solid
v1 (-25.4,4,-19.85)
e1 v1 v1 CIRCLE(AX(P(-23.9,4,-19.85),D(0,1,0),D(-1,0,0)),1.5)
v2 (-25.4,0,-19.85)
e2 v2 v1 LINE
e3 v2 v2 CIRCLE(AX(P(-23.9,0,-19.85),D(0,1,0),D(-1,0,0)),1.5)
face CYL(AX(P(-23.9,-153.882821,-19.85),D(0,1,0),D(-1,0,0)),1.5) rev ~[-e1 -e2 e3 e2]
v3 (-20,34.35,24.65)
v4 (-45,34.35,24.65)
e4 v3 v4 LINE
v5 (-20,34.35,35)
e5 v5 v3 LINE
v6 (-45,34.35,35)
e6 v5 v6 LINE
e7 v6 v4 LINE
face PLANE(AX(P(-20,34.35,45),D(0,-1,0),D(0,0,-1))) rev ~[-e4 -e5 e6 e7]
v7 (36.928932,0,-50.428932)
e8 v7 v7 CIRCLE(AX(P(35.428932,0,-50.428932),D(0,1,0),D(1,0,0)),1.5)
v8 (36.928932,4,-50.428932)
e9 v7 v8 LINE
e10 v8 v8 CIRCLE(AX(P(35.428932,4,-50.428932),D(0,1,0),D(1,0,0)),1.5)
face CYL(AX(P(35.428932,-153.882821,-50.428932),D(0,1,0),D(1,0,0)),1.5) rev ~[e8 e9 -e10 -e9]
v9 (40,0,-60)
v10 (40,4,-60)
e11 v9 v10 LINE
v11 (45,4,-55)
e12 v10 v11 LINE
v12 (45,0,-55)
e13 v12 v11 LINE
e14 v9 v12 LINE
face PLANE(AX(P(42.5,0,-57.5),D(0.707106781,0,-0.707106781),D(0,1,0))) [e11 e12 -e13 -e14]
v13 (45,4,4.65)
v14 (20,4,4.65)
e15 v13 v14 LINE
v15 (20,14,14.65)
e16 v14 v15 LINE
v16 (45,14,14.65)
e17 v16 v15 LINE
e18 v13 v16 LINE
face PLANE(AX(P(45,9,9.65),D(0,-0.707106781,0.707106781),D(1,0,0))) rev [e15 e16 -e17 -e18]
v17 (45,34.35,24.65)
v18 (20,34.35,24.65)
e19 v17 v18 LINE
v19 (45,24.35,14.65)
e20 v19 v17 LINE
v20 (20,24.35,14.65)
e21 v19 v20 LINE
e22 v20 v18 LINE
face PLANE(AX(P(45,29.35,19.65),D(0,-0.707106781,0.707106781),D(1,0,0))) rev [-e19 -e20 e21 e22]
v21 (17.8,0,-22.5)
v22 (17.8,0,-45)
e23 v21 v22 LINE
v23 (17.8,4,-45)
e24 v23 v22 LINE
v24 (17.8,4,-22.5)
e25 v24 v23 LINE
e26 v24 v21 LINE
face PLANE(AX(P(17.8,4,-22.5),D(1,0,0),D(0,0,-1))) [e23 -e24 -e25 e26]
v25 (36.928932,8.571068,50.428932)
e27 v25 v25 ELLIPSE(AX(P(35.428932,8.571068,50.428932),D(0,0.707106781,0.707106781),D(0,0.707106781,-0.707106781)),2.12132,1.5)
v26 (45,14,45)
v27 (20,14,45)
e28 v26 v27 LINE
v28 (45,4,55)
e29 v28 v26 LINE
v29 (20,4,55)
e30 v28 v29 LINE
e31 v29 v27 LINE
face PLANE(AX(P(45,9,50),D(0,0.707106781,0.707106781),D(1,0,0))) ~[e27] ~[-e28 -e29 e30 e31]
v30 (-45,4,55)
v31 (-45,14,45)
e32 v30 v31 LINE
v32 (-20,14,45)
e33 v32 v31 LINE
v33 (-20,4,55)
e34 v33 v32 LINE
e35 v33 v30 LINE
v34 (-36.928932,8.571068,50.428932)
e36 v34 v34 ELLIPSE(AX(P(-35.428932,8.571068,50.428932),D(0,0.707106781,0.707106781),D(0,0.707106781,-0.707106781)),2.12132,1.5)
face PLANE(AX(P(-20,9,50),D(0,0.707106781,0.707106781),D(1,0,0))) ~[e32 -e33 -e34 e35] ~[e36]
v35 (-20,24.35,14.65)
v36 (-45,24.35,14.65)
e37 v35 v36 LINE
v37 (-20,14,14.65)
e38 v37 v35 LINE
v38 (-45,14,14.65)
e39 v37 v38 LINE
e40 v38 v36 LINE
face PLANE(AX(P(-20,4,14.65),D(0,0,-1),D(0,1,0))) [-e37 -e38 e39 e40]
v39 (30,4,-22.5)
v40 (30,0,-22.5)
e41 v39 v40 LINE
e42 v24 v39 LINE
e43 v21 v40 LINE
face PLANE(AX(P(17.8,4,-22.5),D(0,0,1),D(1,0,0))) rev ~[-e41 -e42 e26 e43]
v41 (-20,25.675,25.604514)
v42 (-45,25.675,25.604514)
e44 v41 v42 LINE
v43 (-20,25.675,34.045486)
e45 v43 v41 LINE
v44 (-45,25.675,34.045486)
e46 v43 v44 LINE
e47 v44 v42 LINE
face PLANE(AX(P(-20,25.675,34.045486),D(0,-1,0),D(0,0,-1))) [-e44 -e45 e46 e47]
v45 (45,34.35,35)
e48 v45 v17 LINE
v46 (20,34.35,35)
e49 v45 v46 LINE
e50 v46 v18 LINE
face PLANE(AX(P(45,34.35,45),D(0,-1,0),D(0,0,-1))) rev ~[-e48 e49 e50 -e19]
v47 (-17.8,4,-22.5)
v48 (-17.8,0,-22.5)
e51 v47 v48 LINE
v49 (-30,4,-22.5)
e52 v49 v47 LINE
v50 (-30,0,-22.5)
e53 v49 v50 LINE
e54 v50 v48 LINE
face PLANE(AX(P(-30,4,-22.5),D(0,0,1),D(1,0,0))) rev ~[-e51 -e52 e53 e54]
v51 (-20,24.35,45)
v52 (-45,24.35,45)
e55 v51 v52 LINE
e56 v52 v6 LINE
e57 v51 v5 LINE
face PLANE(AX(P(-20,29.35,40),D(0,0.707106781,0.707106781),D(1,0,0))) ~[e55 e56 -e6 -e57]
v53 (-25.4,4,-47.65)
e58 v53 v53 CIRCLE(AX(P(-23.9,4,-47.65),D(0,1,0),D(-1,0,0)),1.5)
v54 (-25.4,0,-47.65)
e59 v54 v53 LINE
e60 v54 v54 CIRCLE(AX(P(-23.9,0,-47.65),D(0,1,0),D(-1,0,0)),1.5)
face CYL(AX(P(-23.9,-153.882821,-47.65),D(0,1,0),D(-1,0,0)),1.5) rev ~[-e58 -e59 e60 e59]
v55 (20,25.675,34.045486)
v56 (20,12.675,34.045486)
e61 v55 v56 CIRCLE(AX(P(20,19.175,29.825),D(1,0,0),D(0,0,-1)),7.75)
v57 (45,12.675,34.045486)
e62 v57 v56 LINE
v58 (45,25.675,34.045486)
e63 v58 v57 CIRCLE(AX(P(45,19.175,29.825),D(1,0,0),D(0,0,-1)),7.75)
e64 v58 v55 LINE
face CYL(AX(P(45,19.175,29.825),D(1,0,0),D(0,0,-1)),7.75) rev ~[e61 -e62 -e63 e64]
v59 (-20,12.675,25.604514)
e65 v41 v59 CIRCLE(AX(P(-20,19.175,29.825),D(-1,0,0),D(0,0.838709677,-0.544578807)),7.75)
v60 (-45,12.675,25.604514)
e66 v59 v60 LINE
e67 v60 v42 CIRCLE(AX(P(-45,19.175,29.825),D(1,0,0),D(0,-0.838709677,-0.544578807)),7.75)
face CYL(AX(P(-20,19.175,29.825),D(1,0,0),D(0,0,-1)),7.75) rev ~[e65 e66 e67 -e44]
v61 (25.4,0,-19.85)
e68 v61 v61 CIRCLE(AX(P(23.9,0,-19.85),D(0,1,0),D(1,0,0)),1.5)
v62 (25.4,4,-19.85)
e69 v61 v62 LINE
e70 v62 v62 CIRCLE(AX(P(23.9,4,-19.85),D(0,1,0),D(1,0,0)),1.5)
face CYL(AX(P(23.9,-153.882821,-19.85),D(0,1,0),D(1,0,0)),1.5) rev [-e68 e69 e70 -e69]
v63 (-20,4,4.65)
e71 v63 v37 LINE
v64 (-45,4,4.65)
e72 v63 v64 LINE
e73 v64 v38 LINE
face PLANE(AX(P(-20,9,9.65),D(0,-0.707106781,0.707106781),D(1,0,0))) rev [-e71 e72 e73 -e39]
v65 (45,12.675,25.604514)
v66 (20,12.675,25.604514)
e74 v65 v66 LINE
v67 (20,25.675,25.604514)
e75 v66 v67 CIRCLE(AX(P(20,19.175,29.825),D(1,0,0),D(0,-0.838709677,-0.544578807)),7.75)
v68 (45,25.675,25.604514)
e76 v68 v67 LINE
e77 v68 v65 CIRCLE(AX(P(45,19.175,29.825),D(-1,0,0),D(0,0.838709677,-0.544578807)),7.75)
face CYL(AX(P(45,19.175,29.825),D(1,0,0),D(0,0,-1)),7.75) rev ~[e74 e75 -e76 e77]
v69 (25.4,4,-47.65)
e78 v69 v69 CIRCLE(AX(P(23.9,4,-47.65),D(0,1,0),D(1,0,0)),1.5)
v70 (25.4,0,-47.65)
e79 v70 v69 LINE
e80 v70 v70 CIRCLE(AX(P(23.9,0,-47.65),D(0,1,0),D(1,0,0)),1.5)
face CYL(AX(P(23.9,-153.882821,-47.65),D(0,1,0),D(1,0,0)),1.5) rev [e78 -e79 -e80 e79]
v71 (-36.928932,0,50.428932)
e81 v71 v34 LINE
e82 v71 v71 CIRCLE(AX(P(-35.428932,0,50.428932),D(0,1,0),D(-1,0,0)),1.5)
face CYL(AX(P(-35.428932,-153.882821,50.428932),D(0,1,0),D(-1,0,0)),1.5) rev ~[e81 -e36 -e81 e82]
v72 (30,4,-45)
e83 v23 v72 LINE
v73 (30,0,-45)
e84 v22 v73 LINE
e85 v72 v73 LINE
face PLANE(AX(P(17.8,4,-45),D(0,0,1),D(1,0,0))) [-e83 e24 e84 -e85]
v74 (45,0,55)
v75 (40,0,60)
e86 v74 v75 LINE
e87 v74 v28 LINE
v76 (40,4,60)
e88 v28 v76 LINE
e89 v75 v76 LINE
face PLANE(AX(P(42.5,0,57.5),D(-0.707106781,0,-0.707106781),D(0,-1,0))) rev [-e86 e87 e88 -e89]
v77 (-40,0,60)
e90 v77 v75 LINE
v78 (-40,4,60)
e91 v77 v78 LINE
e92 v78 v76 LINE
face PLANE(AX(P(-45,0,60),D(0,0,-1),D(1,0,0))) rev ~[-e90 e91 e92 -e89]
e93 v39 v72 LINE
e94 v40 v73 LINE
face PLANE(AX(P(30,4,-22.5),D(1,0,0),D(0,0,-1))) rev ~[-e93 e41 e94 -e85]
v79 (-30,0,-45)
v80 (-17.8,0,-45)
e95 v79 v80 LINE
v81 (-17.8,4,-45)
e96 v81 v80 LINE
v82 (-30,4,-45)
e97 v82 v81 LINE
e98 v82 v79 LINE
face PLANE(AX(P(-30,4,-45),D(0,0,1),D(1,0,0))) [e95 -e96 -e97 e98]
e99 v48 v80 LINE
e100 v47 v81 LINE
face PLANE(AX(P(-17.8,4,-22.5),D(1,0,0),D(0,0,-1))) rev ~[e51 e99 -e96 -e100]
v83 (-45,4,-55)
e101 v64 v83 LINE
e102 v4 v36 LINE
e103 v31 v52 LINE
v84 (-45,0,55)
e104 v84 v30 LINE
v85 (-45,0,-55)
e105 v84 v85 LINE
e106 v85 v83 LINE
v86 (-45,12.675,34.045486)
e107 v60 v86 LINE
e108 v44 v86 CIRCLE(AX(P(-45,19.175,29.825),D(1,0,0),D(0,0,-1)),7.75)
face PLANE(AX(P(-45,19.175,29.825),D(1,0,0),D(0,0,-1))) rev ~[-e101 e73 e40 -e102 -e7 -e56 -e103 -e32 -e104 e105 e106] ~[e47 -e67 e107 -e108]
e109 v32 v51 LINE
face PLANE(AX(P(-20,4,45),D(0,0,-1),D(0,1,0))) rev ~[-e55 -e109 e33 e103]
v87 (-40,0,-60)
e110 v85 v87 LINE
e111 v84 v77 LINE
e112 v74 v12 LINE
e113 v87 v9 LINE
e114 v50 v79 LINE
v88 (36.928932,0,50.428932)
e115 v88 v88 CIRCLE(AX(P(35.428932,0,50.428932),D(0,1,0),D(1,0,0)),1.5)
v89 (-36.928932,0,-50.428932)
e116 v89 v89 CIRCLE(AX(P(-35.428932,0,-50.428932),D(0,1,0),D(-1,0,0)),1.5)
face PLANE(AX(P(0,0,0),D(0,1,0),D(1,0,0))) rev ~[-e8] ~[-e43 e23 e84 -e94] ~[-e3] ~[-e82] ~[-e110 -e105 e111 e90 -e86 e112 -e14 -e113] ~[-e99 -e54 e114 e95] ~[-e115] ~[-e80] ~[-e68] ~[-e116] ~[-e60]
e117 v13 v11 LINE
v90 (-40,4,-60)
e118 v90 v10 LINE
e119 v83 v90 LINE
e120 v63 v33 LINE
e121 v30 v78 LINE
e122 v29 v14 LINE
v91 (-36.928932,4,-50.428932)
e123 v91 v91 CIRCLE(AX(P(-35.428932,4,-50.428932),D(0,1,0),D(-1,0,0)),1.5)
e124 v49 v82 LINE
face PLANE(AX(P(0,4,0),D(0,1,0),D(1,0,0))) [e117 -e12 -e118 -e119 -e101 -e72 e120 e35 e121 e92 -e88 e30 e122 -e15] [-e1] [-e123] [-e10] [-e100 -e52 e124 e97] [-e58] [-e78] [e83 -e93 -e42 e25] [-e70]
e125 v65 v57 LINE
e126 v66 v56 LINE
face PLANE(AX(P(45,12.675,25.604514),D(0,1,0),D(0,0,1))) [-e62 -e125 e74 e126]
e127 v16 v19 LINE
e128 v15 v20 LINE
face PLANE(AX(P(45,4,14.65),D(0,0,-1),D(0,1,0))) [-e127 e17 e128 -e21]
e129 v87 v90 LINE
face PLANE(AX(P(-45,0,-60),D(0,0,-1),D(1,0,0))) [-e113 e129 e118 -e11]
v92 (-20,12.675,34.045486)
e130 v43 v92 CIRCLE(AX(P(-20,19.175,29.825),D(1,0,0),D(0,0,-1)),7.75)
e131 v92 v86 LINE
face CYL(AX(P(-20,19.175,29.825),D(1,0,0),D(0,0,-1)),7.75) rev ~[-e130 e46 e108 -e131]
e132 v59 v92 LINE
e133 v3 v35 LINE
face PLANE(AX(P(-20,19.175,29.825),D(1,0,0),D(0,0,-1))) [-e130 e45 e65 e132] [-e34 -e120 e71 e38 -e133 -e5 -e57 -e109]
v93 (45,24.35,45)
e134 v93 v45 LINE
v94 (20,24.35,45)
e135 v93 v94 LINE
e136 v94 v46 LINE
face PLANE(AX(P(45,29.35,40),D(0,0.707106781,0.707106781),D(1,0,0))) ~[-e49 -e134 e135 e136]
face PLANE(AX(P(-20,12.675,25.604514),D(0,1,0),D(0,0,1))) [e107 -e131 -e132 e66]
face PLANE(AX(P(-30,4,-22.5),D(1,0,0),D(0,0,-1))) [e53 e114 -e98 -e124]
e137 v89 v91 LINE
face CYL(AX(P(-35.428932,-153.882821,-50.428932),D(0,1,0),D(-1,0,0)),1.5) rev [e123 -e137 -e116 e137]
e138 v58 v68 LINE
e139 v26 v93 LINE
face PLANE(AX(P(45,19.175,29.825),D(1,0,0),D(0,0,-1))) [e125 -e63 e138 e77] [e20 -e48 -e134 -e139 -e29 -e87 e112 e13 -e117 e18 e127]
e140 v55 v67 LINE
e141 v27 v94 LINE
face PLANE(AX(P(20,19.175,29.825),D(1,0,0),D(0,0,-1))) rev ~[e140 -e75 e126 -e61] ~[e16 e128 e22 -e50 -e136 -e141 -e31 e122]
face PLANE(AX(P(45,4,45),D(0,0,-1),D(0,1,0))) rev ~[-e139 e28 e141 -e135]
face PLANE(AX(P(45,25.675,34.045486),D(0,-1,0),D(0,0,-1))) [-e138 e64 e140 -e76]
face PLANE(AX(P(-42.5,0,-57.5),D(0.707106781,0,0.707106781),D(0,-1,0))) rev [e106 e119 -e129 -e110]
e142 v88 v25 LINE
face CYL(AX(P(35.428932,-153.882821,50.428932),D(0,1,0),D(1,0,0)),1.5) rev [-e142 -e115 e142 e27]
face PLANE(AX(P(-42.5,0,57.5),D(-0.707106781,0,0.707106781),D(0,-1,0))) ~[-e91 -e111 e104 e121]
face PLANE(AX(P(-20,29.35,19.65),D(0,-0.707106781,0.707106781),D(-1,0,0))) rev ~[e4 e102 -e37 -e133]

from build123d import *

# Parameters (mm, degrees)
SKETCH1_W                            = 90
SKETCH1_H                            = 120
BOSS_EXTRUDE2_DEPTH                  = 4
SKETCH5_W                            = 12.2
SKETCH5_H                            = 22.5
CUT_EXTRUDE1_DEPTH                   = 76.106590923
BOSS_EXTRUDE4_START                  = 45
SKETCH10_W                           = 30.35
SKETCH10_H                           = 30.35
SKETCH10_R                           = 7.75
BOSS_EXTRUDE4_DEPTH                  = 25
BOSS_EXTRUDE5_START                  = -20
SKETCH10_4_W                         = 30.35
SKETCH10_4_H                         = 30.35
SKETCH10_4_R                         = 7.75
BOSS_EXTRUDE5_DEPTH                  = 25
CHAMFER6_SIZE                        = 5
CHAMFER7_SIZE                        = 10
F_3_0_3_DIAMETER_HOLE2_D             = 3
MIRROR9_AT_THE_SECOND_PLANE_COPY_1_D = 3
F_3_0_3_DIAMETER_HOLE3_D             = 3


with BuildPart() as part:
    # Sketch1 → Boss-Extrude2 (new body)
    with BuildSketch(Plane(origin=(0, 0, 0), x_dir=(1, 0, 0), z_dir=(0, 1, 0))):
        Rectangle(SKETCH1_W, SKETCH1_H)
    extrude(amount=BOSS_EXTRUDE2_DEPTH)

    # Sketch5 → Cut-Extrude1 (cut, through all)
    with BuildSketch(Plane(origin=(0, 4, 0), x_dir=(1, 0, 0), z_dir=(0, 1, 0))):
        with Locations((-23.9, 33.75)):
            Rectangle(SKETCH5_W, SKETCH5_H)
        with Locations((23.9, 33.75)):
            Rectangle(SKETCH5_W, SKETCH5_H)
    extrude(amount=-CUT_EXTRUDE1_DEPTH, mode=Mode.SUBTRACT)

    # Sketch10 → Boss-Extrude4 (add)
    # profile 1 of 3: a face of its own
    with BuildSketch(Plane(origin=(0, 0, 0), x_dir=(0, 0, -1), z_dir=(1, 0, 0)).offset(BOSS_EXTRUDE4_START)):
        with Locations((-29.825, 19.175)):
            Rectangle(SKETCH10_W, SKETCH10_H)
        with Locations((-29.825, 19.175)):
            Circle(SKETCH10_R, mode=Mode.SUBTRACT)
    # profile 2 of 3: a face of its own
    with BuildSketch(Plane(origin=(0, 0, 0), x_dir=(0, 0, -1), z_dir=(1, 0, 0)).offset(BOSS_EXTRUDE4_START)):
        with BuildLine():
            ThreePointArc((-25.604514246, 25.675), (-29.825, 26.925), (-34.045485754, 25.675))
            Line((-34.045485754, 25.675), (-25.604514246, 25.675))
        make_face()
    # profile 3 of 3: a face of its own
    with BuildSketch(Plane(origin=(0, 0, 0), x_dir=(0, 0, -1), z_dir=(1, 0, 0)).offset(BOSS_EXTRUDE4_START)):
        with BuildLine():
            Line((-25.604514246, 12.675), (-34.045485754, 12.675))
            ThreePointArc((-34.045485754, 12.675), (-29.825, 11.425), (-25.604514246, 12.675))
        make_face()
    extrude(amount=-BOSS_EXTRUDE4_DEPTH)

    # Sketch10<4> → Boss-Extrude5 (add)
    # profile 1 of 3: a face of its own
    with BuildSketch(Plane(origin=(0, 0, 0), x_dir=(0, 0, -1), z_dir=(1, 0, 0)).offset(BOSS_EXTRUDE5_START)):
        with Locations((-29.825, 19.175)):
            Rectangle(SKETCH10_4_W, SKETCH10_4_H)
        with Locations((-29.825, 19.175)):
            Circle(SKETCH10_4_R, mode=Mode.SUBTRACT)
    # profile 2 of 3: a face of its own
    with BuildSketch(Plane(origin=(0, 0, 0), x_dir=(0, 0, -1), z_dir=(1, 0, 0)).offset(BOSS_EXTRUDE5_START)):
        with BuildLine():
            ThreePointArc((-25.604514246, 25.675), (-29.825, 26.925), (-34.045485754, 25.675))
            Line((-34.045485754, 25.675), (-25.604514246, 25.675))
        make_face()
    # profile 3 of 3: a face of its own
    with BuildSketch(Plane(origin=(0, 0, 0), x_dir=(0, 0, -1), z_dir=(1, 0, 0)).offset(BOSS_EXTRUDE5_START)):
        with BuildLine():
            Line((-25.604514246, 12.675), (-34.045485754, 12.675))
            ThreePointArc((-34.045485754, 12.675), (-29.825, 11.425), (-25.604514246, 12.675))
        make_face()
    extrude(amount=-BOSS_EXTRUDE5_DEPTH)

    # Chamfer6
    chamfer6_edges = [part.edges().sort_by_distance(p)[0] for p in [
        (-45, 2, 60),
        (-45, 2, -60),
        (45, 2, -60),
        (45, 2, 60),
    ]]
    chamfer(chamfer6_edges, length=CHAMFER6_SIZE)

    # Chamfer7
    chamfer7_edges = [part.edges().sort_by_distance(p)[0] for p in [
        (32.5, 4, 45),
        (32.5, 34.35, 45),
        (32.5, 34.35, 14.65),
        (32.5, 4, 14.65),
        (-32.5, 34.35, 45),
        (-32.5, 4, 45),
        (-32.5, 4, 14.65),
        (-32.5, 34.35, 14.65),
    ]]
    chamfer(chamfer7_edges, length=CHAMFER7_SIZE)

    # Ø3.0 (3) Diameter Hole2 (through all)
    with Locations(Plane.XZ):
        with Locations((-35.428932188, 50.428932188)):
            f_3_0_3_diameter_hole2 = Hole(F_3_0_3_DIAMETER_HOLE2_D / 2)

    # Mirror9: Ø3.0 (3) Diameter Hole2 across plane
    add(f_3_0_3_diameter_hole2.mirror(Plane.XY), mode=Mode.SUBTRACT)

    # Mirror9 at the second plane: Ø3.0 (3) Diameter Hole2 across plane
    add(f_3_0_3_diameter_hole2.mirror(Plane(origin=(0, 0, 0), x_dir=(0, 0, 1), z_dir=(1, 0, 0))), mode=Mode.SUBTRACT)

    # Mirror9 at the second plane copy 1 (through all)
    with Locations(Plane(origin=(0, 0, 0), x_dir=(-1, 0, 0), z_dir=(0, -1, 0))):
        with Locations((-35.428932188, 50.428932188)):
            Hole(MIRROR9_AT_THE_SECOND_PLANE_COPY_1_D / 2)

    # Ø3.0 (3) Diameter Hole3 (through all)
    with Locations(Plane.XZ):
        with Locations((-23.9, -19.85), (-23.9, -47.65)):
            f_3_0_3_diameter_hole3 = Hole(F_3_0_3_DIAMETER_HOLE3_D / 2)

    # Mirror10: Ø3.0 (3) Diameter Hole3 across plane
    add(f_3_0_3_diameter_hole3.mirror(Plane(origin=(0, 0, 0), x_dir=(0, 0, 1), z_dir=(1, 0, 0))), mode=Mode.SUBTRACT)


solid = part.part
